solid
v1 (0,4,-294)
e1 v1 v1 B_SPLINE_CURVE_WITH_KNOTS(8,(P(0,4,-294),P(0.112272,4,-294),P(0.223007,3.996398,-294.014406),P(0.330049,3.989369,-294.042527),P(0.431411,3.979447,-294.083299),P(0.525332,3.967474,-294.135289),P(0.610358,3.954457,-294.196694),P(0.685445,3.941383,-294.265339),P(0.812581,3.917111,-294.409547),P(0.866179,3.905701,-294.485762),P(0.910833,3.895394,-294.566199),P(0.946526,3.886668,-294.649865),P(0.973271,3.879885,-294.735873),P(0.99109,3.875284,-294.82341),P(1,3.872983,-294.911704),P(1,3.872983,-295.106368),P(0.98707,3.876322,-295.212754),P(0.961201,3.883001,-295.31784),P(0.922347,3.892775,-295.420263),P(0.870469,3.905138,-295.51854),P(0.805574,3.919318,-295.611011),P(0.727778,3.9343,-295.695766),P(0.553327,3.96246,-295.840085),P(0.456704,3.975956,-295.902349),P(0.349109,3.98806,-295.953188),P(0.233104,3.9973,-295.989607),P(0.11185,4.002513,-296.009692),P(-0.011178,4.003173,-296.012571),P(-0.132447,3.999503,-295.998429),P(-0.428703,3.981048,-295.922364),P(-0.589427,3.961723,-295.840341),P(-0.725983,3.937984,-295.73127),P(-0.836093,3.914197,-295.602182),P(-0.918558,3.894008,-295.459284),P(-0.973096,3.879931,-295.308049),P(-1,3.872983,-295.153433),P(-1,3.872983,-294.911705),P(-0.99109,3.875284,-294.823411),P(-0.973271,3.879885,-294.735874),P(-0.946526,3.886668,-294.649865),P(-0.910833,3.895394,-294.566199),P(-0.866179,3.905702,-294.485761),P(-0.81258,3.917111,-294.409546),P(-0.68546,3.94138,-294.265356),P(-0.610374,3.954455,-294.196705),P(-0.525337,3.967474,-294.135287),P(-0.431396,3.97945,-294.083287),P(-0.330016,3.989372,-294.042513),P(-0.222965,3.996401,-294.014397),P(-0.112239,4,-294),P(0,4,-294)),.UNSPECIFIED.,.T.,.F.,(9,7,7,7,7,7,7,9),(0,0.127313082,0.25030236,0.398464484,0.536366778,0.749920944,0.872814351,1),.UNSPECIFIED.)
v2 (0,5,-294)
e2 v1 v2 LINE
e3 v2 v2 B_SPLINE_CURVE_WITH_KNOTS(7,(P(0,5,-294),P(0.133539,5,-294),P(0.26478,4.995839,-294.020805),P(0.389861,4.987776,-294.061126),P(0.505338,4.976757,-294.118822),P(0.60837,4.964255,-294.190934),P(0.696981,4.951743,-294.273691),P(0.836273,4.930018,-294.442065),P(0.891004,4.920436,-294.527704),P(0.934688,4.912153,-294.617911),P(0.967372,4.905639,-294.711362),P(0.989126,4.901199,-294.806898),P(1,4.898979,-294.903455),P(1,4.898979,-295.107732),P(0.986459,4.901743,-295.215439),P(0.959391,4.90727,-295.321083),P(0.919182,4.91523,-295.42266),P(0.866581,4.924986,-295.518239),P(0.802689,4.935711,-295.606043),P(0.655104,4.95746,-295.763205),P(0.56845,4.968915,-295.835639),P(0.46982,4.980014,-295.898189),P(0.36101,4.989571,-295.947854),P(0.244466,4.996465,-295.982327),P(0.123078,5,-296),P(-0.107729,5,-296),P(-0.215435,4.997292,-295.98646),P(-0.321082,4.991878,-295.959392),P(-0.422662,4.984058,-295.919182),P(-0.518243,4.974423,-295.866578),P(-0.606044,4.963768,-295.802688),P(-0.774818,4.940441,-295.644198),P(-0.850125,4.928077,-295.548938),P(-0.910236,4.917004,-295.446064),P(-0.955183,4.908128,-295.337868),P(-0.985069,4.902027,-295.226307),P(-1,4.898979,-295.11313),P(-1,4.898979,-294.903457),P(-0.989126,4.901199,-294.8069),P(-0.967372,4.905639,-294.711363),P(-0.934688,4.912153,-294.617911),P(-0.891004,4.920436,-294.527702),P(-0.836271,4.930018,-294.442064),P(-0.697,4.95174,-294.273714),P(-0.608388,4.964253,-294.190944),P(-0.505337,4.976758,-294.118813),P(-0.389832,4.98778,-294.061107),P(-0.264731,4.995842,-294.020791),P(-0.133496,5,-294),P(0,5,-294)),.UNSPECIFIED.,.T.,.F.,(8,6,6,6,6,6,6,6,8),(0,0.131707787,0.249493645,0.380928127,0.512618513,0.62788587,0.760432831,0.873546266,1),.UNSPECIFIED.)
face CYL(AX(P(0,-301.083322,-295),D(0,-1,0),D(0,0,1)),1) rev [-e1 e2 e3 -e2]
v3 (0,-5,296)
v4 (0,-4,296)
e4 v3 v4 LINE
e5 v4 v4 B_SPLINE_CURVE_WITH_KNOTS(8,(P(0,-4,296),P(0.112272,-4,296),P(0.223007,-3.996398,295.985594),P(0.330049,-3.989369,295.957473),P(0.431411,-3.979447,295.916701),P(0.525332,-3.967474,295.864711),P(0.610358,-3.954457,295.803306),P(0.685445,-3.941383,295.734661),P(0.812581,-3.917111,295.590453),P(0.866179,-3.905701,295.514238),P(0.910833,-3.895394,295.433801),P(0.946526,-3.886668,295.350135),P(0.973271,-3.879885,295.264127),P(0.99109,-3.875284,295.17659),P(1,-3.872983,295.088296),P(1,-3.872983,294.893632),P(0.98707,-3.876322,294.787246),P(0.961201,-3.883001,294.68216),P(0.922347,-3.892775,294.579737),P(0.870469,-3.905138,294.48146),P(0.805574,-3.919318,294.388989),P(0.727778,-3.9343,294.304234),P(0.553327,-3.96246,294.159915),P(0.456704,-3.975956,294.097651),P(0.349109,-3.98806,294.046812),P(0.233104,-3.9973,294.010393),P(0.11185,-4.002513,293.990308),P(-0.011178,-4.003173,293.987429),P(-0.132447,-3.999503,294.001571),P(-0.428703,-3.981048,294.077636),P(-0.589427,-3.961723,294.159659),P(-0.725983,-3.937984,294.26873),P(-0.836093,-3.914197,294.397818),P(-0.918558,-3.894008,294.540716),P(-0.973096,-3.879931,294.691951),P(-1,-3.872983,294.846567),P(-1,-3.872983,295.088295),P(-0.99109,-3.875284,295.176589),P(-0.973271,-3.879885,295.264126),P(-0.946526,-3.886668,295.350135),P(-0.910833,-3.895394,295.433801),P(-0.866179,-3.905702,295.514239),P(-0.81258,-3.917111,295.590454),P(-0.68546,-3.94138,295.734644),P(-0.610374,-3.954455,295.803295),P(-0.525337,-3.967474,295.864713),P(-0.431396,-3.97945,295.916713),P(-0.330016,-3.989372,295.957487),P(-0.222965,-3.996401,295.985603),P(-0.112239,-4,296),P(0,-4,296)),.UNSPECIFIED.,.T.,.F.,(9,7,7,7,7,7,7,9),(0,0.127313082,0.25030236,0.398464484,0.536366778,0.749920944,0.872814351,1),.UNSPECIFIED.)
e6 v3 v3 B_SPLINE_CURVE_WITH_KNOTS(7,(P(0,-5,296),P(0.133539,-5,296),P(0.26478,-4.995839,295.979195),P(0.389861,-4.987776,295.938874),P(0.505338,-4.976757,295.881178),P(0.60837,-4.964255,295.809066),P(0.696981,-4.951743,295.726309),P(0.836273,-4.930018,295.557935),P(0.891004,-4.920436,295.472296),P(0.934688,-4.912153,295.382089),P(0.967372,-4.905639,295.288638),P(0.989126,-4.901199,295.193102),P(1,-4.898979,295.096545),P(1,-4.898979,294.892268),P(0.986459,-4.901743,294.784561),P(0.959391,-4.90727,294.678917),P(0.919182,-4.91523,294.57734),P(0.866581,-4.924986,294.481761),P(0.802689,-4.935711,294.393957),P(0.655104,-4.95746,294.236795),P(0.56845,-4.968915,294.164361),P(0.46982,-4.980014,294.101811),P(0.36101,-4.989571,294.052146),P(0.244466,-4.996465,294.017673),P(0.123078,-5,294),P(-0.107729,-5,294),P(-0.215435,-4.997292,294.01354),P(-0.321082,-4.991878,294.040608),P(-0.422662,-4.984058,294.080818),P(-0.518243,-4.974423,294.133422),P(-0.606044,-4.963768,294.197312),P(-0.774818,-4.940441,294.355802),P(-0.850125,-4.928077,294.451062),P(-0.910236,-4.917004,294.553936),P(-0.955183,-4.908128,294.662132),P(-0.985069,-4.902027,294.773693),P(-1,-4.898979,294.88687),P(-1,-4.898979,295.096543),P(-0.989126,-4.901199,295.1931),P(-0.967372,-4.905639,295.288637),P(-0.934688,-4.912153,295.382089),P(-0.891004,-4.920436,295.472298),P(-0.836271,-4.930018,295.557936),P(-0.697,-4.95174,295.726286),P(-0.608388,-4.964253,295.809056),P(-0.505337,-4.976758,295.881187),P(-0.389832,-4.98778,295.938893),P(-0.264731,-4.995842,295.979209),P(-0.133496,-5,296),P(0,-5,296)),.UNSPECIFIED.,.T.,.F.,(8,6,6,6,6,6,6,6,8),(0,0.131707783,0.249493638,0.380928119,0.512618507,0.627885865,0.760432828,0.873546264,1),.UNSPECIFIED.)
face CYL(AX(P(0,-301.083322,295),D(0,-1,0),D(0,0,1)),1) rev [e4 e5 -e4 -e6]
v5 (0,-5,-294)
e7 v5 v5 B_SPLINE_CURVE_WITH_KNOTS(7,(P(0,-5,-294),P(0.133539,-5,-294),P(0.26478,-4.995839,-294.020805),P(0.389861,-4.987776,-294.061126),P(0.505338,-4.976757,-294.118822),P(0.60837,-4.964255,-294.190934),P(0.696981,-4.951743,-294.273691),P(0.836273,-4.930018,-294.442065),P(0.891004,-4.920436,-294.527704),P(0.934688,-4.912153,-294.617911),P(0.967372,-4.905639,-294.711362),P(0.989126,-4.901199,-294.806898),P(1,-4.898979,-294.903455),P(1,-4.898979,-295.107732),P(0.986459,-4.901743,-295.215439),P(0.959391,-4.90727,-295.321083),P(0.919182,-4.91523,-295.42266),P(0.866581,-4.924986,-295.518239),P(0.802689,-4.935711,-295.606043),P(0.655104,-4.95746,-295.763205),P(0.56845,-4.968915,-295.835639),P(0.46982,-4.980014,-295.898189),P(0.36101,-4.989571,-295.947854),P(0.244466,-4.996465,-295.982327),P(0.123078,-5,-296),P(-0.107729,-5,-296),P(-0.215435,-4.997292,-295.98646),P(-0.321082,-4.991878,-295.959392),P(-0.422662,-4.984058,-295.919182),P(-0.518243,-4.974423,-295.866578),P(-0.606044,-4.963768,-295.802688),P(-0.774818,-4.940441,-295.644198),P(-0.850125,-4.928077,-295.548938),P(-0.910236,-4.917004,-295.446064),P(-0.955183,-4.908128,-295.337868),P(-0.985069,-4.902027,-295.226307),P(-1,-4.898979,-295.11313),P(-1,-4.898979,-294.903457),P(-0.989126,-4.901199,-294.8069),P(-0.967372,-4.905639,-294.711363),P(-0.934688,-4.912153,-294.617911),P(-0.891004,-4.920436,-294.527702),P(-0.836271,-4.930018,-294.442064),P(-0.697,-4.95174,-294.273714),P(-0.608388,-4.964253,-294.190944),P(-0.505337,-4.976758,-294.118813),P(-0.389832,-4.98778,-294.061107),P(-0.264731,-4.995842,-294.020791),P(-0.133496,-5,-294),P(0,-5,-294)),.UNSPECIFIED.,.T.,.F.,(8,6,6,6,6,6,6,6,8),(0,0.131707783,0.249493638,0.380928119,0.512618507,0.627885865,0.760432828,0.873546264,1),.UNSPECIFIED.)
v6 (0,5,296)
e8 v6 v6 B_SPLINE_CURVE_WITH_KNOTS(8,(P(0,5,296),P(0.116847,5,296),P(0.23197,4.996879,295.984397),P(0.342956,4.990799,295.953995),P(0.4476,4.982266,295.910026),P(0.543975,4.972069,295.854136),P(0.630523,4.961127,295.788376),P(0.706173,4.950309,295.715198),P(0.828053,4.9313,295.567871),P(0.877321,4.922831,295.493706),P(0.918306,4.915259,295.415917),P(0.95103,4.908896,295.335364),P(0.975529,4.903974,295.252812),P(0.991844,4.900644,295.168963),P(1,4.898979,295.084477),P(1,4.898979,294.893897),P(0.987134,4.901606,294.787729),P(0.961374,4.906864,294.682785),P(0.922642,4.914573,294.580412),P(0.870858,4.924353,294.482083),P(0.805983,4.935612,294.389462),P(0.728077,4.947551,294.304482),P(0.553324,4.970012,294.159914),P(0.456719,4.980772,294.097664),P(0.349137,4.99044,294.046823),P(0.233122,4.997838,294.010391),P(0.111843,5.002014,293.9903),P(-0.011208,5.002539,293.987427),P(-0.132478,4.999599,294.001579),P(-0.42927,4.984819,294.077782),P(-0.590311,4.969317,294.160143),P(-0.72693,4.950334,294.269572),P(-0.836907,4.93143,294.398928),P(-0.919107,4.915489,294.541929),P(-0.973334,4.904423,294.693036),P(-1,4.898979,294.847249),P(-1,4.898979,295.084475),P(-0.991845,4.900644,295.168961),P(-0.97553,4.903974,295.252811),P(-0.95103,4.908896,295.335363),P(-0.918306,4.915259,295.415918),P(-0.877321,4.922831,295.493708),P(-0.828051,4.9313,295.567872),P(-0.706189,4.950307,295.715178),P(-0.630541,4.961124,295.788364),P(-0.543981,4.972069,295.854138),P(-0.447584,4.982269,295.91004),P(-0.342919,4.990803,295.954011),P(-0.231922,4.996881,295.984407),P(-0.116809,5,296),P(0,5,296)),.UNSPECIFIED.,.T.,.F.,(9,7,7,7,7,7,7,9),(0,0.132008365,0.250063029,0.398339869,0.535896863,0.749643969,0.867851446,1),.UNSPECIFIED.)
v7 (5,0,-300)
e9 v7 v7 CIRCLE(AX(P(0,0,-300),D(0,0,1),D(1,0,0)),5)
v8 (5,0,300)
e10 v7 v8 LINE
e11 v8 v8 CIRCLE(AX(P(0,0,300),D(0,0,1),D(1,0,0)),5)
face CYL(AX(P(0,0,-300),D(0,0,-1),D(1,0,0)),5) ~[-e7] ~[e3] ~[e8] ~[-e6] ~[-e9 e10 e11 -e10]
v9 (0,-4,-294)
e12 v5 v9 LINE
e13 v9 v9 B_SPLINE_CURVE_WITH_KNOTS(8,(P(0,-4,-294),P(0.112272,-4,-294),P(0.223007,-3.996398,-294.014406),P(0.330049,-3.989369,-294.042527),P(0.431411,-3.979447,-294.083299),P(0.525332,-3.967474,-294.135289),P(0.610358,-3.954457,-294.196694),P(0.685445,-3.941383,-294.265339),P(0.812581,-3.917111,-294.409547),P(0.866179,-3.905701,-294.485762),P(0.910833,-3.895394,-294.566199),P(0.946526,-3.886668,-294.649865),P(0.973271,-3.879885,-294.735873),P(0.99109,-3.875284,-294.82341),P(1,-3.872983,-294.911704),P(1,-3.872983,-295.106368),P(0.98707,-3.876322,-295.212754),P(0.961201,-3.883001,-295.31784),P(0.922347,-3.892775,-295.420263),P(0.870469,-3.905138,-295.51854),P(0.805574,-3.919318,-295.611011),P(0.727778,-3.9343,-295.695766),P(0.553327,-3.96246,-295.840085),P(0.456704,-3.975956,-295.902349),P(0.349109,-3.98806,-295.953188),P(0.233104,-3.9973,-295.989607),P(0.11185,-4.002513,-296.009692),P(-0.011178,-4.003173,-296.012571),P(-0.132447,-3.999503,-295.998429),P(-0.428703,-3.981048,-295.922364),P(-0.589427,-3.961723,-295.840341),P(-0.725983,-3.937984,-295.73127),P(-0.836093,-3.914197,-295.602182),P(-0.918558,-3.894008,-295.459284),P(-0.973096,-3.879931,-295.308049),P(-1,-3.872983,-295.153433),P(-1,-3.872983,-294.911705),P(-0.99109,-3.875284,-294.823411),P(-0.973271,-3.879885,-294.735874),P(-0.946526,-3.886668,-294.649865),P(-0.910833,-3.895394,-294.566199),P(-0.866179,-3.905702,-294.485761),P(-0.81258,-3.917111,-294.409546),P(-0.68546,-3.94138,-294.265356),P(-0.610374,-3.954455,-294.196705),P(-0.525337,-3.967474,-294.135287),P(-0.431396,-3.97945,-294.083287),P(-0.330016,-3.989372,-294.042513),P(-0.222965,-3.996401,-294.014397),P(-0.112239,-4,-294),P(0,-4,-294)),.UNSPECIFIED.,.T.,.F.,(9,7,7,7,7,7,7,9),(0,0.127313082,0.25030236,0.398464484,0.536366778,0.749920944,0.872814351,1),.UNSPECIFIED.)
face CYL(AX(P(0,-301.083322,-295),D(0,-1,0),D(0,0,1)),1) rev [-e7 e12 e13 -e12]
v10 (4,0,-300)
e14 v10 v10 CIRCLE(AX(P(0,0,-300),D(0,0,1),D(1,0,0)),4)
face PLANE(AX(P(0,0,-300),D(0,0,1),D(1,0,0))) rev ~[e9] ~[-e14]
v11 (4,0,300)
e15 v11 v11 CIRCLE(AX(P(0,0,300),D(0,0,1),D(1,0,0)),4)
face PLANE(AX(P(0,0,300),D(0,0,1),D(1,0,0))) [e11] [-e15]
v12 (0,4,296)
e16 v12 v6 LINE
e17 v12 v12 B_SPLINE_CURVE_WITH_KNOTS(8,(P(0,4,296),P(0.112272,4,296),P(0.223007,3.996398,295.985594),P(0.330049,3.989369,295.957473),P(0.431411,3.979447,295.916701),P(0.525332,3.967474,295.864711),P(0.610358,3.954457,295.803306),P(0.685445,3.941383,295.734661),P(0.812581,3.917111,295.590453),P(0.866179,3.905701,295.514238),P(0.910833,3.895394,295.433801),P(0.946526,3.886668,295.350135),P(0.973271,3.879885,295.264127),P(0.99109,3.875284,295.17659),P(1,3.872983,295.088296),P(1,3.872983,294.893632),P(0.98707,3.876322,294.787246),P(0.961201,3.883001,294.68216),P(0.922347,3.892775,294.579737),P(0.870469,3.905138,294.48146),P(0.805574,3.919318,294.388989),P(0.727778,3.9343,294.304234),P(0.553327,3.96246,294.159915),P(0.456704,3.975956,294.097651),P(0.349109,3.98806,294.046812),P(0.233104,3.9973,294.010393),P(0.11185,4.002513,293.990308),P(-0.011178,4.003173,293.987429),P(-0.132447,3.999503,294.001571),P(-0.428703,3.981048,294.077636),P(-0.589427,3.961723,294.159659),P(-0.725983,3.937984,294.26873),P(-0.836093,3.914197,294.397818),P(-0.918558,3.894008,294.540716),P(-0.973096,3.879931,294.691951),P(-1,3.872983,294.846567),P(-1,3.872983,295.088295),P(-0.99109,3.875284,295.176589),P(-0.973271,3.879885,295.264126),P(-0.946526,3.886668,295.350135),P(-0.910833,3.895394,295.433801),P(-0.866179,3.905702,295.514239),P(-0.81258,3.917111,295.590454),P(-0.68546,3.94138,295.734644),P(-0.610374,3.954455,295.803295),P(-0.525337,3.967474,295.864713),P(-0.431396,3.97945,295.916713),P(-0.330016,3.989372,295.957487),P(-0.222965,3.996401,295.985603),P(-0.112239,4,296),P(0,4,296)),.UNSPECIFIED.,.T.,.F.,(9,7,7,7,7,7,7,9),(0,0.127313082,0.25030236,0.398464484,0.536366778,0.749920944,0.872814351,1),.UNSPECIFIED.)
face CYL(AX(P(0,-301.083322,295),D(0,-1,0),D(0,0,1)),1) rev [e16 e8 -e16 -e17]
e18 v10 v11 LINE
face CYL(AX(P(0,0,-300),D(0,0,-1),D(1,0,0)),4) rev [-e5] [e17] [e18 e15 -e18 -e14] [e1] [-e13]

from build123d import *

# Parameters (mm, degrees)
EXTRUDE_1_DEPTH          = 300
EXTRUDE_1_DEPTH_BACK     = 300
SKETCH_1_R               = 5
SKETCH_1_R_2             = 4
CUT_EXTRUDE_2_DEPTH      = 301.083321762
CUT_EXTRUDE_2_DEPTH_BACK = 301.083321762
SKETCH_3_R               = 1


with BuildPart() as part:
    # 草图1 → 凸台-拉伸1 (new, two sides: drawn at the far end of the back side and taken through both)
    with BuildSketch(Plane.XY.offset(-EXTRUDE_1_DEPTH_BACK)):
        Circle(SKETCH_1_R)
        Circle(SKETCH_1_R_2, mode=Mode.SUBTRACT)
    extrude(amount=EXTRUDE_1_DEPTH + EXTRUDE_1_DEPTH_BACK)

    # 草图3 → 切除-拉伸2 (cut, two sides: drawn at the far end of the back side and taken through both)
    with BuildSketch(Plane(origin=(0, 0, 0), x_dir=(1, 0, 0), z_dir=(0, 1, 0)).offset(-CUT_EXTRUDE_2_DEPTH_BACK)):
        with Locations((0, 295)):
            Circle(SKETCH_3_R)
        with Locations((0, -295)):
            Circle(SKETCH_3_R)
    extrude(amount=CUT_EXTRUDE_2_DEPTH + CUT_EXTRUDE_2_DEPTH_BACK, mode=Mode.SUBTRACT)


solid = part.part
